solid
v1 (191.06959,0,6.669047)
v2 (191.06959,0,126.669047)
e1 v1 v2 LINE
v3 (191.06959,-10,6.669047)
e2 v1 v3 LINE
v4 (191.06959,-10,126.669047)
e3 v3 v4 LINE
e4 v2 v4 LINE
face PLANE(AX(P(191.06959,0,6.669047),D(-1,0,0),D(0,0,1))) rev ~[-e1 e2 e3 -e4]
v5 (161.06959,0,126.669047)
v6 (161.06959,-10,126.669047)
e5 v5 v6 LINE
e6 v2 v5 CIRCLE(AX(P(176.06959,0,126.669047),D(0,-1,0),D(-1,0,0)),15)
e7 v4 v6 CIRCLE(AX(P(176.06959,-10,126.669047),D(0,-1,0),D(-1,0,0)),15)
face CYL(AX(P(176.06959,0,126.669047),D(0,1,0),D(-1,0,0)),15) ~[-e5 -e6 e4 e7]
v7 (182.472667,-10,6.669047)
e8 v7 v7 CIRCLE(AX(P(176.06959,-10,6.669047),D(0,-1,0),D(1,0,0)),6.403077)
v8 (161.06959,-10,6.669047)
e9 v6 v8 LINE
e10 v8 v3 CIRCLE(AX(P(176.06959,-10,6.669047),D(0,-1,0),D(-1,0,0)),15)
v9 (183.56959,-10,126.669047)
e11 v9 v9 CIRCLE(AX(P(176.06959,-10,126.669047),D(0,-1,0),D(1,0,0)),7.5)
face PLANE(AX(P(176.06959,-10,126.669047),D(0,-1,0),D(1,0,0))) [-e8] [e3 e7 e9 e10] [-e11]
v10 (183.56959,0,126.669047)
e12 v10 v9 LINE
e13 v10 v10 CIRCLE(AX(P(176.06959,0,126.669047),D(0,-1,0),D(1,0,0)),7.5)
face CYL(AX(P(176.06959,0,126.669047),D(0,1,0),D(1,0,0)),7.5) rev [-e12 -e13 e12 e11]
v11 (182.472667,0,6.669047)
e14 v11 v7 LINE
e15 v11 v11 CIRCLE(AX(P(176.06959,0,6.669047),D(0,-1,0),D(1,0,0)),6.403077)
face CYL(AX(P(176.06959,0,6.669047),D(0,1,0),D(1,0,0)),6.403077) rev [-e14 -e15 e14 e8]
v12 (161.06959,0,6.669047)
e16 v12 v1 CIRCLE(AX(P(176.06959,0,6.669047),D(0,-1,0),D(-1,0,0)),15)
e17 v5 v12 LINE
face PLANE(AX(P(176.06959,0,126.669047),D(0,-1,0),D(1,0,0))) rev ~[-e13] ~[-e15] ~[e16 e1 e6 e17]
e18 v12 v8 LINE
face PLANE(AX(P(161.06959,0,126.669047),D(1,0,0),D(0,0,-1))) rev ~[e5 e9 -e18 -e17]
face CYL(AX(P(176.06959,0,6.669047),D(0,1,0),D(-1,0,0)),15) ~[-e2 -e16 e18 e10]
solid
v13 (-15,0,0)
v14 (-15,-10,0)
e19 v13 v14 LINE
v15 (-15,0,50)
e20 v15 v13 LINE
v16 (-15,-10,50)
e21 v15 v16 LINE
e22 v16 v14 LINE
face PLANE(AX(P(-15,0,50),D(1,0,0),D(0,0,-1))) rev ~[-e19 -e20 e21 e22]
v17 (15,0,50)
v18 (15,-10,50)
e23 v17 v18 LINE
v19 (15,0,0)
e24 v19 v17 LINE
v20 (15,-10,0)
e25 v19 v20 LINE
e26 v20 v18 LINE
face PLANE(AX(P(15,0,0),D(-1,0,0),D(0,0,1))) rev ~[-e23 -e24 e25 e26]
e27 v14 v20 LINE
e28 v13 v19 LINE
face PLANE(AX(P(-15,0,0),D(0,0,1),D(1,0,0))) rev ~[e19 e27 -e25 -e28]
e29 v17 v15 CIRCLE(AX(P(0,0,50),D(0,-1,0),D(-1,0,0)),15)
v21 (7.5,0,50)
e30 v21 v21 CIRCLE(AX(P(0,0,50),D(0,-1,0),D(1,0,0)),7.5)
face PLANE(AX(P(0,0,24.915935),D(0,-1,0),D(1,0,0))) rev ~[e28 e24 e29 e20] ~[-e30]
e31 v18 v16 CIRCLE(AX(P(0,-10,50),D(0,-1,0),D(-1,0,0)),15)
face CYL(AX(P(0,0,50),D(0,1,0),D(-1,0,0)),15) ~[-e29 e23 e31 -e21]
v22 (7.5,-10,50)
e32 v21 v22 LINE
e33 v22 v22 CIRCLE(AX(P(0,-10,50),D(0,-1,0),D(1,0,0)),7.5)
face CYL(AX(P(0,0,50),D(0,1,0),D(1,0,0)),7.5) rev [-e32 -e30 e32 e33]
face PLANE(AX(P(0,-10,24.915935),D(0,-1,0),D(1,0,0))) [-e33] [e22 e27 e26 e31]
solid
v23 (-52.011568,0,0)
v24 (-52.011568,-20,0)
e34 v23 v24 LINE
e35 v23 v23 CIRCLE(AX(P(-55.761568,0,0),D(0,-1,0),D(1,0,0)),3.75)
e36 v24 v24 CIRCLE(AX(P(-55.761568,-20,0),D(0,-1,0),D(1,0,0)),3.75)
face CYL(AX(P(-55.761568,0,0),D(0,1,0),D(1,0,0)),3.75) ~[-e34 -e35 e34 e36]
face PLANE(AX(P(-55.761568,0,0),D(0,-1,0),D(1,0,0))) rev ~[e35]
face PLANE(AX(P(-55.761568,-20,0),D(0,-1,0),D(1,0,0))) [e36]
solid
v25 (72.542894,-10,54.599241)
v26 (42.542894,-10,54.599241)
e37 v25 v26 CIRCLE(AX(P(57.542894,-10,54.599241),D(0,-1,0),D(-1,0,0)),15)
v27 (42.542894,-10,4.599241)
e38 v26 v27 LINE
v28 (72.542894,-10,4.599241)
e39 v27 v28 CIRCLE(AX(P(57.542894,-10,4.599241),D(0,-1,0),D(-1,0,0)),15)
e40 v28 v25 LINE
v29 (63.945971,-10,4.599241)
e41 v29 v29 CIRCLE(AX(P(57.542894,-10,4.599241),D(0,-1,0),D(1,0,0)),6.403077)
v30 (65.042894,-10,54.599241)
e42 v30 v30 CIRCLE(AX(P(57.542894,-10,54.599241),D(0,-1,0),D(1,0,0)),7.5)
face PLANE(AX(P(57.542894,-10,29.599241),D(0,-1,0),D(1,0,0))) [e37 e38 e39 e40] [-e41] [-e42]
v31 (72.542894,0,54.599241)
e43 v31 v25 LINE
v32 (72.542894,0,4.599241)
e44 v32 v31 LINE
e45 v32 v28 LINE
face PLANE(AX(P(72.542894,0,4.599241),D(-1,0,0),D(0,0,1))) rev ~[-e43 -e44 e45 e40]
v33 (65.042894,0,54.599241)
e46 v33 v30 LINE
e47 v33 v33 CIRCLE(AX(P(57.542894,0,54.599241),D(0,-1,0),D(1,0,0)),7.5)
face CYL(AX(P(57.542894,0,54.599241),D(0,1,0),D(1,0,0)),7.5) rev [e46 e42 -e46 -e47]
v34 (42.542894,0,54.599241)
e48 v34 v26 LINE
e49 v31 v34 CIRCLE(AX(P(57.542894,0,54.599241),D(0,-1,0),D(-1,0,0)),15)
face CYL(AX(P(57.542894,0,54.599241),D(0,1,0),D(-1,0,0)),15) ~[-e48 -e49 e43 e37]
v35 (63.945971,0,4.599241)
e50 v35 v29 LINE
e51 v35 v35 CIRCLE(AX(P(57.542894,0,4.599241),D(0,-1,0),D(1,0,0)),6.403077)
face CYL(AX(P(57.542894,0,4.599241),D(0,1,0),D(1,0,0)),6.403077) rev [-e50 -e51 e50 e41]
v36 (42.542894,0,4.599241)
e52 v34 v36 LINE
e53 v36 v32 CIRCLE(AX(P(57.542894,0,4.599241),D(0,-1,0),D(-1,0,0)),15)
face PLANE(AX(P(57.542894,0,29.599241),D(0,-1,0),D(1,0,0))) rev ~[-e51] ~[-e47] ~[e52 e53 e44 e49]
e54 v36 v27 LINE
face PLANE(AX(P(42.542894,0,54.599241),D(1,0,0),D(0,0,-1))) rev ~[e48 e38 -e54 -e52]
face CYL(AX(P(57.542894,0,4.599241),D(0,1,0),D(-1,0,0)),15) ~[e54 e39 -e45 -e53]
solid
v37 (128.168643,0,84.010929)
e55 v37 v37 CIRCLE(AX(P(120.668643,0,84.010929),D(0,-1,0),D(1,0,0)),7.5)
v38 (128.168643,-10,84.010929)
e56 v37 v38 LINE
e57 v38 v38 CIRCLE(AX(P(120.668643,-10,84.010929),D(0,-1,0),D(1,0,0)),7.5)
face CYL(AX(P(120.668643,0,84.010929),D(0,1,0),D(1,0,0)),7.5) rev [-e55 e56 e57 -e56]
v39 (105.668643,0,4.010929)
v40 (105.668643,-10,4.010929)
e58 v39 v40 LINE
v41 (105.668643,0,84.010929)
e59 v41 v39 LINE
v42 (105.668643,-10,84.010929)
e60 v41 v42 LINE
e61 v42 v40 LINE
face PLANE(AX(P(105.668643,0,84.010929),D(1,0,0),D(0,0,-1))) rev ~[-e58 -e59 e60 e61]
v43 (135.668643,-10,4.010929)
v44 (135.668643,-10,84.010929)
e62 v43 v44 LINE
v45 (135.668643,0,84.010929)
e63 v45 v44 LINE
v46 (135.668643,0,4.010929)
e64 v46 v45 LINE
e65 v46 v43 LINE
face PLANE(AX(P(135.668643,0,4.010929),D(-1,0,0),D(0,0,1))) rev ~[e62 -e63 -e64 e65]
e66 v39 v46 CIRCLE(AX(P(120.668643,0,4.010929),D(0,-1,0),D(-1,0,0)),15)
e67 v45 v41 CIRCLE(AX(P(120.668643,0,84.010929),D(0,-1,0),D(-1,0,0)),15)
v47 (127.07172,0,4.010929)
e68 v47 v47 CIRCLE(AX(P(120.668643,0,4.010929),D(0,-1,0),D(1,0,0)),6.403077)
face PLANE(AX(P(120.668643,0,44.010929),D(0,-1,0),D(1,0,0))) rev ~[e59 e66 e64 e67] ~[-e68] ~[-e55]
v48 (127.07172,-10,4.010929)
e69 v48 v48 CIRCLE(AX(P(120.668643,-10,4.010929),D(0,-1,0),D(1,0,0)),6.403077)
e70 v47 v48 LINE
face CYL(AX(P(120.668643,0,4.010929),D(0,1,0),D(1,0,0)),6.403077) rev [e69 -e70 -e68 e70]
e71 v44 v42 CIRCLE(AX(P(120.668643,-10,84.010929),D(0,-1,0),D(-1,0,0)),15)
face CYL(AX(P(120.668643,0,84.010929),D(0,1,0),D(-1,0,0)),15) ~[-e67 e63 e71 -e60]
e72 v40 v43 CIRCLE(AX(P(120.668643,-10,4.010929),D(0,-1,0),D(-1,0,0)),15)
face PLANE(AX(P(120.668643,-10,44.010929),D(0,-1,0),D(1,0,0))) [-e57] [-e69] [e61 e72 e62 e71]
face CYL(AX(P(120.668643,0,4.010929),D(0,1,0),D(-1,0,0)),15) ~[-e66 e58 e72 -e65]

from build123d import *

# Parameters (mm, degrees)
F1_R      = 7.5
F2_DEPTH  = 10
F3_R      = 7.5
F3_R_2    = 6.4030769284
F4_DEPTH  = 10
F5_R      = 7.5
F5_R_2    = 6.4030769284
F6_DEPTH  = 10
F7_R      = 7.5
F7_R_2    = 6.4030769284
F8_DEPTH  = 10
F9_R      = 3.75
F10_DEPTH = 20


with BuildPart() as f2:
    # F1 (on Front) → F2 (new body)
    with BuildSketch(Plane.XZ):
        with BuildLine():
            Line((-15, 50), (-15, 0))
            Line((-15, 0), (0, 0))
            Line((0, 0), (15, 0))
            Line((15, 0), (15, 50))
            ThreePointArc((15, 50), (0, 35), (-15, 50))
        make_face()
        with BuildLine():
            ThreePointArc((15, 50), (0, 65), (-15, 50))
            ThreePointArc((-15, 50), (0, 35), (15, 50))
        make_face()
        with Locations((0, 50)):
            Circle(F1_R, mode=Mode.SUBTRACT)
    extrude(amount=F2_DEPTH)


with BuildPart() as f4:
    # F3 (on Front) → F4 (new body)
    with BuildSketch(Plane.XZ):
        with BuildLine():
            Line((42.5428944139, 54.599240981), (42.5428944139, 4.599240981))
            ThreePointArc((42.5428944139, 4.599240981), (57.5428944139, 19.599240981), (72.5428944139, 4.599240981))
            Line((72.5428944139, 4.599240981), (72.5428944139, 54.599240981))
            ThreePointArc((72.5428944139, 54.599240981), (57.5428944139, 39.599240981), (42.5428944139, 54.599240981))
        make_face()
        with BuildLine():
            ThreePointArc((72.5428944139, 54.599240981), (57.5428944139, 69.599240981), (42.5428944139, 54.599240981))
            ThreePointArc((42.5428944139, 54.599240981), (57.5428944139, 39.599240981), (72.5428944139, 54.599240981))
        make_face()
        with Locations((57.5428944139, 54.599240981)):
            Circle(F3_R, mode=Mode.SUBTRACT)
        with BuildLine():
            ThreePointArc((72.5428944139, 4.599240981), (57.5428944139, 19.599240981), (42.5428944139, 4.599240981))
            ThreePointArc((42.5428944139, 4.599240981), (57.5428944139, -10.400759019), (72.5428944139, 4.599240981))
        make_face()
        with Locations((57.5428944139, 4.599240981)):
            Circle(F3_R_2, mode=Mode.SUBTRACT)
    extrude(amount=F4_DEPTH)


with BuildPart() as f6:
    # F5 (on Front) → F6 (new body)
    with BuildSketch(Plane.XZ):
        with BuildLine():
            Line((105.6686431542, 84.0109291673), (105.6686431542, 4.0109291673))
            ThreePointArc((105.6686431542, 4.0109291673), (120.6686431542, 19.0109291673), (135.6686431542, 4.0109291673))
            Line((135.6686431542, 4.0109291673), (135.6686431542, 84.0109291673))
            ThreePointArc((135.6686431542, 84.0109291673), (120.6686431542, 69.0109291673), (105.6686431542, 84.0109291673))
        make_face()
        with BuildLine():
            ThreePointArc((135.6686431542, 84.0109291673), (120.6686431542, 99.0109291673), (105.6686431542, 84.0109291673))
            ThreePointArc((105.6686431542, 84.0109291673), (120.6686431542, 69.0109291673), (135.6686431542, 84.0109291673))
        make_face()
        with Locations((120.6686431542, 84.0109291673)):
            Circle(F5_R, mode=Mode.SUBTRACT)
        with BuildLine():
            ThreePointArc((135.6686431542, 4.0109291673), (120.6686431542, 19.0109291673), (105.6686431542, 4.0109291673))
            ThreePointArc((105.6686431542, 4.0109291673), (120.6686431542, -10.9890708327), (135.6686431542, 4.0109291673))
        make_face()
        with Locations((120.6686431542, 4.0109291673)):
            Circle(F5_R_2, mode=Mode.SUBTRACT)
    extrude(amount=F6_DEPTH)


with BuildPart() as f8:
    # F7 (on Front) → F8 (new body)
    with BuildSketch(Plane.XZ):
        with BuildLine():
            ThreePointArc((191.0695902631, 126.6690473258), (176.0695902631, 141.6690473258), (161.0695902631, 126.6690473258))
            ThreePointArc((161.0695902631, 126.6690473258), (176.0695902631, 111.6690473258), (191.0695902631, 126.6690473258))
        make_face()
        with Locations((176.0695902631, 126.6690473258)):
            Circle(F7_R, mode=Mode.SUBTRACT)
        with BuildLine():
            Line((161.0695902631, 126.6690473258), (161.0695902631, 6.6690473258))
            ThreePointArc((161.0695902631, 6.6690473258), (176.0695902631, 21.6690473258), (191.0695902631, 6.6690473258))
            Line((191.0695902631, 6.6690473258), (191.0695902631, 126.6690473258))
            ThreePointArc((191.0695902631, 126.6690473258), (176.0695902631, 111.6690473258), (161.0695902631, 126.6690473258))
        make_face()
        with BuildLine():
            ThreePointArc((191.0695902631, 6.6690473258), (176.0695902631, 21.6690473258), (161.0695902631, 6.6690473258))
            ThreePointArc((161.0695902631, 6.6690473258), (176.0695902631, -8.3309526742), (191.0695902631, 6.6690473258))
        make_face()
        with Locations((176.0695902631, 6.6690473258)):
            Circle(F7_R_2, mode=Mode.SUBTRACT)
    extrude(amount=F8_DEPTH)


with BuildPart() as f10:
    # F9 (on Front) → F10 (new body)
    with BuildSketch(Plane.XZ):
        with Locations((-55.7615682483, 0)):
            Circle(F9_R)
    extrude(amount=F10_DEPTH)


solid = Compound([f2.part, f4.part, f6.part, f8.part, f10.part])
